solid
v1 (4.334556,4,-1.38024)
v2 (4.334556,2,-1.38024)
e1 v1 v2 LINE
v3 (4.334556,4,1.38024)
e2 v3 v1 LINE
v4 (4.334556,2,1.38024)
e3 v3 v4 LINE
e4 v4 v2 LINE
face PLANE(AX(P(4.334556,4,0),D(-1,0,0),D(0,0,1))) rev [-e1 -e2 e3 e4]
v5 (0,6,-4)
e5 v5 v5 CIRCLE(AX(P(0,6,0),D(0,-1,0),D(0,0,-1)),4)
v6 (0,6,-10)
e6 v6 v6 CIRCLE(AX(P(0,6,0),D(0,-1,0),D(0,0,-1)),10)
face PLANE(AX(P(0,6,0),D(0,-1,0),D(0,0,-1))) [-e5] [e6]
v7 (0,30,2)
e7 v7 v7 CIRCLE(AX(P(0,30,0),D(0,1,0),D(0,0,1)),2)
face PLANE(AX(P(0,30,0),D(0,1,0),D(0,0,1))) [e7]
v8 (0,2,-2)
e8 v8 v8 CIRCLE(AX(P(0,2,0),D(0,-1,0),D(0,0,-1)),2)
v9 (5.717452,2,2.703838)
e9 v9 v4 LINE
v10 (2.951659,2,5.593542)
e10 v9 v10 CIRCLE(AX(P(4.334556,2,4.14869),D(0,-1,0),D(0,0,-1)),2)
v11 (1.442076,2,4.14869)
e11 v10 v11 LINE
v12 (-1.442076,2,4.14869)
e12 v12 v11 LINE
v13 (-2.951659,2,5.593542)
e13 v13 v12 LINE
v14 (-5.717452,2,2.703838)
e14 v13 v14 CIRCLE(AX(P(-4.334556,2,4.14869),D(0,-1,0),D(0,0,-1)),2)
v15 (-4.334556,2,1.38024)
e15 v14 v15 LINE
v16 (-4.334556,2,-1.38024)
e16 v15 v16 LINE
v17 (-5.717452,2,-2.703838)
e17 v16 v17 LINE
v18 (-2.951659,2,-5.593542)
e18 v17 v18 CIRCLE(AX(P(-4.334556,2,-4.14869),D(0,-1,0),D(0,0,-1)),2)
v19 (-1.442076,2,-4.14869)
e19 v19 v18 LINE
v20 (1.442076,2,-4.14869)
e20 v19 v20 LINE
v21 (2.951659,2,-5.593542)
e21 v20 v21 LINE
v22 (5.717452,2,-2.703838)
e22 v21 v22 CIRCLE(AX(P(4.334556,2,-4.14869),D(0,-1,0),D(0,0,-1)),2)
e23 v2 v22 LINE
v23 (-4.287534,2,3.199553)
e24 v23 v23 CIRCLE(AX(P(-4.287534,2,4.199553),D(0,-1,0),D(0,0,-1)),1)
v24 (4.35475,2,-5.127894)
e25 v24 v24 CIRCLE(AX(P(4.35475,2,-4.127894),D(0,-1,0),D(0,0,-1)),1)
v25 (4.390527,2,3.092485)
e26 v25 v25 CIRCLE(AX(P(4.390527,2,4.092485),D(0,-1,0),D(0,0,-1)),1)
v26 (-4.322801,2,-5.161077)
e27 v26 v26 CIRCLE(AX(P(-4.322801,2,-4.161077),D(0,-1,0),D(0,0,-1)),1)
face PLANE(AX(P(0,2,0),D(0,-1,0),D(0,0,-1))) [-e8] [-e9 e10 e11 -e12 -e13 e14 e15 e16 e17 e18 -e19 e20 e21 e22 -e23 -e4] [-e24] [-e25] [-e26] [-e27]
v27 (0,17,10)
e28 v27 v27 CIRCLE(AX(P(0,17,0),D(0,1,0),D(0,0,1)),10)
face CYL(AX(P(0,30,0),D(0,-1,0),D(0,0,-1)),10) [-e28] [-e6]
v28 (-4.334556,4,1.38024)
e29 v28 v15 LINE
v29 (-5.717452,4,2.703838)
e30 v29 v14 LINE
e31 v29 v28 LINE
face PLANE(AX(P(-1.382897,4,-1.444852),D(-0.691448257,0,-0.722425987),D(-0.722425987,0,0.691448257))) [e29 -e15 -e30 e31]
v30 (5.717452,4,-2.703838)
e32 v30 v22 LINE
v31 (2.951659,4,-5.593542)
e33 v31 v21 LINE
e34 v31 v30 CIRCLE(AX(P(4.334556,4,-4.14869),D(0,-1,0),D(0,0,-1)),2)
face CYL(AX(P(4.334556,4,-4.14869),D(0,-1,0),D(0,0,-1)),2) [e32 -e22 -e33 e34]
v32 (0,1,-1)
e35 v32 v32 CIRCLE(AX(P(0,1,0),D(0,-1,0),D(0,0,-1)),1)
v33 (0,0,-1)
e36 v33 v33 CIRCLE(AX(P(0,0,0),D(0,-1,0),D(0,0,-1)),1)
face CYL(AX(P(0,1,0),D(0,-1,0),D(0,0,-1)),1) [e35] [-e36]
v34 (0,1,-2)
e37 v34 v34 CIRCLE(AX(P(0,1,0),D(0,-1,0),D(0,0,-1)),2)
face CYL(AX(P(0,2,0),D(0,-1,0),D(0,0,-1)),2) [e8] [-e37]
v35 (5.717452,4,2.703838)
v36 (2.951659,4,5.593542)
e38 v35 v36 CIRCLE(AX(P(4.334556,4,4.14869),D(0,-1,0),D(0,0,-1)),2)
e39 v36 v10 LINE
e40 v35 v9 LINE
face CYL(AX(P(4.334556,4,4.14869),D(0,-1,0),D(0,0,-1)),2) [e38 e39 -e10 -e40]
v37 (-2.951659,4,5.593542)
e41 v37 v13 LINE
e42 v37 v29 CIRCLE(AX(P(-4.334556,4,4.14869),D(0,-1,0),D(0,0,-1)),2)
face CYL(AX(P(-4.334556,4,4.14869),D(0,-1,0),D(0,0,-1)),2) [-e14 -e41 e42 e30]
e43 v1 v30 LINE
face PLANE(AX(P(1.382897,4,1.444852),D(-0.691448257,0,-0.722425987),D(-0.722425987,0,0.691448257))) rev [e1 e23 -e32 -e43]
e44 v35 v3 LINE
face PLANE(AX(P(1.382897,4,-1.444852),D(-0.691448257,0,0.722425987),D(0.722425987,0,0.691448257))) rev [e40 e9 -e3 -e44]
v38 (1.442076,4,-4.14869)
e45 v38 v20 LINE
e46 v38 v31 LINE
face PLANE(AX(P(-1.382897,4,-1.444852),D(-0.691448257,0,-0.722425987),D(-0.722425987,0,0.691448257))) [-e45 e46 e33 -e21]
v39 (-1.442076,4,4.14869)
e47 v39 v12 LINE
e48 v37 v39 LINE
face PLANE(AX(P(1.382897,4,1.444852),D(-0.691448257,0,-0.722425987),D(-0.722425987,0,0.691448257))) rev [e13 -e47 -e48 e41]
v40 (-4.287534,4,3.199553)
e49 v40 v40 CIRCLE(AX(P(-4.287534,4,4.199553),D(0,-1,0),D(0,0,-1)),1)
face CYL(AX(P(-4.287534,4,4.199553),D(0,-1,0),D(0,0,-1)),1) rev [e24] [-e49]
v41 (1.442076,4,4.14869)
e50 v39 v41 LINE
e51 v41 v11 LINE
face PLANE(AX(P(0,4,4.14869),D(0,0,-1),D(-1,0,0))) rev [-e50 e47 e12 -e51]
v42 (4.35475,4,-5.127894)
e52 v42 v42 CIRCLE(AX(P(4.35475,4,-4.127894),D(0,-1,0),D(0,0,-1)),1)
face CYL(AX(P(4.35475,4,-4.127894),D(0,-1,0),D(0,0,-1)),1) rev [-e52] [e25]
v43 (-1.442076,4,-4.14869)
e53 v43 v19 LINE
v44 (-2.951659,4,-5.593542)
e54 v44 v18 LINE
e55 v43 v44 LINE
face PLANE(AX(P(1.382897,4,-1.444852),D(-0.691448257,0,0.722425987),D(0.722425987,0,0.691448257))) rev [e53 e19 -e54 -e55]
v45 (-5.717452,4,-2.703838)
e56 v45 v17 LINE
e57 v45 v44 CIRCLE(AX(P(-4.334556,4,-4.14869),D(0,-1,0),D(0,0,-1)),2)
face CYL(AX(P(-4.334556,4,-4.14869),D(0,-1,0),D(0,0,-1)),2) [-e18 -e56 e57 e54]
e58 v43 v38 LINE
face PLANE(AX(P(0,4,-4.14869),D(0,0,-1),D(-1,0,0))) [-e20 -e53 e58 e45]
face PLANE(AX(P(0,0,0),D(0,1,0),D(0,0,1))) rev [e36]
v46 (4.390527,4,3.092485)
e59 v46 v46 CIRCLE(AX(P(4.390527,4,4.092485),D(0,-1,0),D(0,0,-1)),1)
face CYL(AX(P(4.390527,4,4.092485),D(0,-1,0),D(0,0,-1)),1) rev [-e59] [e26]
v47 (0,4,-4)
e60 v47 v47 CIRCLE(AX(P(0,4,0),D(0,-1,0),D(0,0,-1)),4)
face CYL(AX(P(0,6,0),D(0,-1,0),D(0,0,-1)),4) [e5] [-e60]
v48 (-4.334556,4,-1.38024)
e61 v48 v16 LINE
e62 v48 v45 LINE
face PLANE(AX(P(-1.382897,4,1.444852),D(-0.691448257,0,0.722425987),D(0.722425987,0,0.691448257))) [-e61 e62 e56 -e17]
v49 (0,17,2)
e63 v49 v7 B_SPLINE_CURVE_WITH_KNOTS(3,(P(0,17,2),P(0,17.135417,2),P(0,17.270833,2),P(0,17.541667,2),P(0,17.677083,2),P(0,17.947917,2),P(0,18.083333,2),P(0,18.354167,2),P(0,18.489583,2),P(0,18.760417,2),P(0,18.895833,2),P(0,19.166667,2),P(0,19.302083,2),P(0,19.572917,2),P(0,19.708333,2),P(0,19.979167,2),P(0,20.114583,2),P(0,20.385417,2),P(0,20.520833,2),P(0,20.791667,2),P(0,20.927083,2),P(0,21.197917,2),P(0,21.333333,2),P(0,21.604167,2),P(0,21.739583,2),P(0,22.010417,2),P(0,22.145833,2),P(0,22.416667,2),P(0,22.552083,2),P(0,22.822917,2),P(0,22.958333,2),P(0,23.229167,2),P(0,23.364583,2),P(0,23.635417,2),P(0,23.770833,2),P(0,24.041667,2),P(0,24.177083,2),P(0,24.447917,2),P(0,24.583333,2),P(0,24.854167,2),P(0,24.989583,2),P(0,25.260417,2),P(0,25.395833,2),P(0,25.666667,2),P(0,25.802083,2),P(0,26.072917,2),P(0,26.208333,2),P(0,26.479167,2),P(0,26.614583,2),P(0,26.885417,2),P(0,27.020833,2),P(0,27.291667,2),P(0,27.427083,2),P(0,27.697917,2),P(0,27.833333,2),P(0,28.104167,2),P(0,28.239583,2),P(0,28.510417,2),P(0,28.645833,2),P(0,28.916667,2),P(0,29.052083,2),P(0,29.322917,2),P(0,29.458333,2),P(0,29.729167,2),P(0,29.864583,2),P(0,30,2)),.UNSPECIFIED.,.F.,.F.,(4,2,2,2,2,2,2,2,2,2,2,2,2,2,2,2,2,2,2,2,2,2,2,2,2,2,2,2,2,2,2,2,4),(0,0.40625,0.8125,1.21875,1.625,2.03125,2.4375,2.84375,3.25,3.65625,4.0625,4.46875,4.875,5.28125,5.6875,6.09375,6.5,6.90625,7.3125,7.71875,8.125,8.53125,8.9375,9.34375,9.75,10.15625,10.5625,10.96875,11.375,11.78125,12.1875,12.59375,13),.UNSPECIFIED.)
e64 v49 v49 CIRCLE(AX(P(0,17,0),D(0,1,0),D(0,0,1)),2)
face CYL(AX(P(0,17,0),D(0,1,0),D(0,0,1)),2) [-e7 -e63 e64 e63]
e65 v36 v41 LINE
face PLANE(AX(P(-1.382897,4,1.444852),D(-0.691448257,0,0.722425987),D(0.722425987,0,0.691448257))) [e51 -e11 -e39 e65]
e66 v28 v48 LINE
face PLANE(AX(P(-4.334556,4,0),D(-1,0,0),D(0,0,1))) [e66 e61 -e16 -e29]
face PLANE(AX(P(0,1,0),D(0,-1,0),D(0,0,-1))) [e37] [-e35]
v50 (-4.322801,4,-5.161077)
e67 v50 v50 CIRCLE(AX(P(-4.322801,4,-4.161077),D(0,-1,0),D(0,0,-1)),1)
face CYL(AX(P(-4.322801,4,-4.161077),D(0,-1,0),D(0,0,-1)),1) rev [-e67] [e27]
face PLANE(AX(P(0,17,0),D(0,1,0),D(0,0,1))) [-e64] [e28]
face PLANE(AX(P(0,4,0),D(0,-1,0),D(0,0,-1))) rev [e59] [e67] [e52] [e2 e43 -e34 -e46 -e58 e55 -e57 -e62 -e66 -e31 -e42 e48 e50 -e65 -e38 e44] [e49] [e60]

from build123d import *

# Parameters (mm, degrees)
SKETCH2_R           = 10
BOSS_EXTRUDE2_DEPTH = 30
CUT_EXTRUDE5_START  = -13
SKETCH8_R           = 10
SKETCH8_R_2         = 4
CUT_EXTRUDE5_DEPTH  = 13
CUT_EXTRUDE6_START  = -13
SKETCH9_R           = 4
SKETCH9_R_2         = 2
CUT_EXTRUDE6_DEPTH  = 13
SKETCH10_R          = 10
SKETCH10_R_2        = 1
CUT_EXTRUDE7_DEPTH  = 1
SKETCH11_R          = 10
SKETCH11_R_2        = 2
CUT_EXTRUDE8_DEPTH  = 2
SKETCH12_R          = 10
CUT_EXTRUDE9_DEPTH  = 4
SKETCH13_R          = 10
SKETCH13_R_2        = 4
CUT_EXTRUDE10_DEPTH = 2
SKETCH14_R          = 1
CUT_EXTRUDE11_DEPTH = 2


with BuildPart() as part:
    # Sketch2 → Boss-Extrude2 (new body)
    with BuildSketch(Plane(origin=(0, 0, 0), x_dir=(1, 0, 0), z_dir=(0, 1, 0))):
        with Locations(Location((0, 0, 0), (0, 0, 270))):
            Circle(SKETCH2_R)
    extrude(amount=BOSS_EXTRUDE2_DEPTH)

    # Sketch8 → Cut-Extrude5 (cut)
    with BuildSketch(Plane(origin=(0, 30, 0), x_dir=(1, 0, 0), z_dir=(0, 1, 0)).offset(CUT_EXTRUDE5_START)):
        with Locations(Location((0, 0, 0), (0, 0, 270))):
            Circle(SKETCH8_R)
        with Locations(Location((0, 0, 0), (0, 0, 270))):
            Circle(SKETCH8_R_2, mode=Mode.SUBTRACT)
    extrude(amount=CUT_EXTRUDE5_DEPTH, mode=Mode.SUBTRACT)

    # Sketch9 → Cut-Extrude6 (cut)
    with BuildSketch(Plane(origin=(0, 30, 0), x_dir=(1, 0, 0), z_dir=(0, 1, 0)).offset(CUT_EXTRUDE6_START)):
        Circle(SKETCH9_R)
        with Locations(Location((0, 0, 0), (0, 0, 270))):
            Circle(SKETCH9_R_2, mode=Mode.SUBTRACT)
    extrude(amount=CUT_EXTRUDE6_DEPTH, mode=Mode.SUBTRACT)

    # Sketch10 → Cut-Extrude7 (cut)
    with BuildSketch(Plane.XZ):
        with Locations(Location((0, 0, 0), (0, 0, 270))):
            Circle(SKETCH10_R)
        with Locations(Location((0, 0, 0), (0, 0, 270))):
            Circle(SKETCH10_R_2, mode=Mode.SUBTRACT)
    extrude(amount=-CUT_EXTRUDE7_DEPTH, mode=Mode.SUBTRACT)

    # Sketch11 → Cut-Extrude8 (cut)
    with BuildSketch(Plane(origin=(0, 0, 0), x_dir=(-1, 0, 0), z_dir=(0, -1, 0))):
        with Locations(Location((0, 0, 0), (0, 0, 90))):
            Circle(SKETCH11_R)
        with Locations(Location((0, 0, 0), (0, 0, 270))):
            Circle(SKETCH11_R_2, mode=Mode.SUBTRACT)
    extrude(amount=-CUT_EXTRUDE8_DEPTH, mode=Mode.SUBTRACT)

    # Sketch12 → Cut-Extrude9 (cut)
    with BuildSketch(Plane(origin=(0, 0, 0), x_dir=(-1, 0, 0), z_dir=(0, -1, 0))):
        with Locations(Location((0, 0, 0), (0, 0, 90))):
            Circle(SKETCH12_R)
        with BuildLine():
            Line((1.442076294, -4.148689545), (-1.442076294, -4.148689545))
            Line((-1.442076294, -4.148689545), (-2.95165941, -5.593541519))
            ThreePointArc((-2.95165941, -5.593541519), (-5.779407899, -5.53158606), (-5.717452439, -2.70383757))
            Line((-5.717452439, -2.70383757), (-4.334555924, -1.380239856))
            Line((-4.334555924, -1.380239856), (-4.334555924, 1.380239856))
            Line((-4.334555924, 1.380239856), (-5.717452439, 2.70383757))
            ThreePointArc((-5.717452439, 2.70383757), (-5.779407899, 5.53158606), (-2.95165941, 5.593541519))
            Line((-2.95165941, 5.593541519), (-1.442076294, 4.148689545))
            Line((-1.442076294, 4.148689545), (1.442076294, 4.148689545))
            Line((1.442076294, 4.148689545), (2.95165941, 5.593541519))
            ThreePointArc((2.95165941, 5.593541519), (5.779407899, 5.53158606), (5.717452439, 2.70383757))
            Line((5.717452439, 2.70383757), (4.334555924, 1.380239856))
            Line((4.334555924, 1.380239856), (4.334555924, -1.380239856))
            Line((4.334555924, -1.380239856), (5.717452439, -2.70383757))
            ThreePointArc((5.717452439, -2.70383757), (5.779407899, -5.53158606), (2.95165941, -5.593541519))
            Line((2.95165941, -5.593541519), (1.442076294, -4.148689545))
        make_face(mode=Mode.SUBTRACT)
    extrude(amount=-CUT_EXTRUDE9_DEPTH, mode=Mode.SUBTRACT)

    # Sketch13 → Cut-Extrude10 (cut)
    with BuildSketch(Plane.XZ.offset(-4)):
        with Locations(Location((0, 0, 0), (0, 0, 270))):
            Circle(SKETCH13_R)
        with Locations(Location((0, 0, 0), (0, 0, 270))):
            Circle(SKETCH13_R_2, mode=Mode.SUBTRACT)
    extrude(amount=-CUT_EXTRUDE10_DEPTH, mode=Mode.SUBTRACT)

    # Sketch14 → Cut-Extrude11 (cut)
    with BuildSketch(Plane.XZ.offset(-2)):
        with Locations(Location((-4.287533824, 4.199553123, 0), (0, 0, 270))):
            Circle(SKETCH14_R)
        with Locations(Location((4.390527215, 4.092485492, 0), (0, 0, 270))):
            Circle(SKETCH14_R)
        with Locations(Location((4.354750155, -4.127894387, 0), (0, 0, 270))):
            Circle(SKETCH14_R)
        with Locations(Location((-4.322800784, -4.16107677, 0), (0, 0, 270))):
            Circle(SKETCH14_R)
    extrude(amount=-CUT_EXTRUDE11_DEPTH, mode=Mode.SUBTRACT)


solid = part.part
